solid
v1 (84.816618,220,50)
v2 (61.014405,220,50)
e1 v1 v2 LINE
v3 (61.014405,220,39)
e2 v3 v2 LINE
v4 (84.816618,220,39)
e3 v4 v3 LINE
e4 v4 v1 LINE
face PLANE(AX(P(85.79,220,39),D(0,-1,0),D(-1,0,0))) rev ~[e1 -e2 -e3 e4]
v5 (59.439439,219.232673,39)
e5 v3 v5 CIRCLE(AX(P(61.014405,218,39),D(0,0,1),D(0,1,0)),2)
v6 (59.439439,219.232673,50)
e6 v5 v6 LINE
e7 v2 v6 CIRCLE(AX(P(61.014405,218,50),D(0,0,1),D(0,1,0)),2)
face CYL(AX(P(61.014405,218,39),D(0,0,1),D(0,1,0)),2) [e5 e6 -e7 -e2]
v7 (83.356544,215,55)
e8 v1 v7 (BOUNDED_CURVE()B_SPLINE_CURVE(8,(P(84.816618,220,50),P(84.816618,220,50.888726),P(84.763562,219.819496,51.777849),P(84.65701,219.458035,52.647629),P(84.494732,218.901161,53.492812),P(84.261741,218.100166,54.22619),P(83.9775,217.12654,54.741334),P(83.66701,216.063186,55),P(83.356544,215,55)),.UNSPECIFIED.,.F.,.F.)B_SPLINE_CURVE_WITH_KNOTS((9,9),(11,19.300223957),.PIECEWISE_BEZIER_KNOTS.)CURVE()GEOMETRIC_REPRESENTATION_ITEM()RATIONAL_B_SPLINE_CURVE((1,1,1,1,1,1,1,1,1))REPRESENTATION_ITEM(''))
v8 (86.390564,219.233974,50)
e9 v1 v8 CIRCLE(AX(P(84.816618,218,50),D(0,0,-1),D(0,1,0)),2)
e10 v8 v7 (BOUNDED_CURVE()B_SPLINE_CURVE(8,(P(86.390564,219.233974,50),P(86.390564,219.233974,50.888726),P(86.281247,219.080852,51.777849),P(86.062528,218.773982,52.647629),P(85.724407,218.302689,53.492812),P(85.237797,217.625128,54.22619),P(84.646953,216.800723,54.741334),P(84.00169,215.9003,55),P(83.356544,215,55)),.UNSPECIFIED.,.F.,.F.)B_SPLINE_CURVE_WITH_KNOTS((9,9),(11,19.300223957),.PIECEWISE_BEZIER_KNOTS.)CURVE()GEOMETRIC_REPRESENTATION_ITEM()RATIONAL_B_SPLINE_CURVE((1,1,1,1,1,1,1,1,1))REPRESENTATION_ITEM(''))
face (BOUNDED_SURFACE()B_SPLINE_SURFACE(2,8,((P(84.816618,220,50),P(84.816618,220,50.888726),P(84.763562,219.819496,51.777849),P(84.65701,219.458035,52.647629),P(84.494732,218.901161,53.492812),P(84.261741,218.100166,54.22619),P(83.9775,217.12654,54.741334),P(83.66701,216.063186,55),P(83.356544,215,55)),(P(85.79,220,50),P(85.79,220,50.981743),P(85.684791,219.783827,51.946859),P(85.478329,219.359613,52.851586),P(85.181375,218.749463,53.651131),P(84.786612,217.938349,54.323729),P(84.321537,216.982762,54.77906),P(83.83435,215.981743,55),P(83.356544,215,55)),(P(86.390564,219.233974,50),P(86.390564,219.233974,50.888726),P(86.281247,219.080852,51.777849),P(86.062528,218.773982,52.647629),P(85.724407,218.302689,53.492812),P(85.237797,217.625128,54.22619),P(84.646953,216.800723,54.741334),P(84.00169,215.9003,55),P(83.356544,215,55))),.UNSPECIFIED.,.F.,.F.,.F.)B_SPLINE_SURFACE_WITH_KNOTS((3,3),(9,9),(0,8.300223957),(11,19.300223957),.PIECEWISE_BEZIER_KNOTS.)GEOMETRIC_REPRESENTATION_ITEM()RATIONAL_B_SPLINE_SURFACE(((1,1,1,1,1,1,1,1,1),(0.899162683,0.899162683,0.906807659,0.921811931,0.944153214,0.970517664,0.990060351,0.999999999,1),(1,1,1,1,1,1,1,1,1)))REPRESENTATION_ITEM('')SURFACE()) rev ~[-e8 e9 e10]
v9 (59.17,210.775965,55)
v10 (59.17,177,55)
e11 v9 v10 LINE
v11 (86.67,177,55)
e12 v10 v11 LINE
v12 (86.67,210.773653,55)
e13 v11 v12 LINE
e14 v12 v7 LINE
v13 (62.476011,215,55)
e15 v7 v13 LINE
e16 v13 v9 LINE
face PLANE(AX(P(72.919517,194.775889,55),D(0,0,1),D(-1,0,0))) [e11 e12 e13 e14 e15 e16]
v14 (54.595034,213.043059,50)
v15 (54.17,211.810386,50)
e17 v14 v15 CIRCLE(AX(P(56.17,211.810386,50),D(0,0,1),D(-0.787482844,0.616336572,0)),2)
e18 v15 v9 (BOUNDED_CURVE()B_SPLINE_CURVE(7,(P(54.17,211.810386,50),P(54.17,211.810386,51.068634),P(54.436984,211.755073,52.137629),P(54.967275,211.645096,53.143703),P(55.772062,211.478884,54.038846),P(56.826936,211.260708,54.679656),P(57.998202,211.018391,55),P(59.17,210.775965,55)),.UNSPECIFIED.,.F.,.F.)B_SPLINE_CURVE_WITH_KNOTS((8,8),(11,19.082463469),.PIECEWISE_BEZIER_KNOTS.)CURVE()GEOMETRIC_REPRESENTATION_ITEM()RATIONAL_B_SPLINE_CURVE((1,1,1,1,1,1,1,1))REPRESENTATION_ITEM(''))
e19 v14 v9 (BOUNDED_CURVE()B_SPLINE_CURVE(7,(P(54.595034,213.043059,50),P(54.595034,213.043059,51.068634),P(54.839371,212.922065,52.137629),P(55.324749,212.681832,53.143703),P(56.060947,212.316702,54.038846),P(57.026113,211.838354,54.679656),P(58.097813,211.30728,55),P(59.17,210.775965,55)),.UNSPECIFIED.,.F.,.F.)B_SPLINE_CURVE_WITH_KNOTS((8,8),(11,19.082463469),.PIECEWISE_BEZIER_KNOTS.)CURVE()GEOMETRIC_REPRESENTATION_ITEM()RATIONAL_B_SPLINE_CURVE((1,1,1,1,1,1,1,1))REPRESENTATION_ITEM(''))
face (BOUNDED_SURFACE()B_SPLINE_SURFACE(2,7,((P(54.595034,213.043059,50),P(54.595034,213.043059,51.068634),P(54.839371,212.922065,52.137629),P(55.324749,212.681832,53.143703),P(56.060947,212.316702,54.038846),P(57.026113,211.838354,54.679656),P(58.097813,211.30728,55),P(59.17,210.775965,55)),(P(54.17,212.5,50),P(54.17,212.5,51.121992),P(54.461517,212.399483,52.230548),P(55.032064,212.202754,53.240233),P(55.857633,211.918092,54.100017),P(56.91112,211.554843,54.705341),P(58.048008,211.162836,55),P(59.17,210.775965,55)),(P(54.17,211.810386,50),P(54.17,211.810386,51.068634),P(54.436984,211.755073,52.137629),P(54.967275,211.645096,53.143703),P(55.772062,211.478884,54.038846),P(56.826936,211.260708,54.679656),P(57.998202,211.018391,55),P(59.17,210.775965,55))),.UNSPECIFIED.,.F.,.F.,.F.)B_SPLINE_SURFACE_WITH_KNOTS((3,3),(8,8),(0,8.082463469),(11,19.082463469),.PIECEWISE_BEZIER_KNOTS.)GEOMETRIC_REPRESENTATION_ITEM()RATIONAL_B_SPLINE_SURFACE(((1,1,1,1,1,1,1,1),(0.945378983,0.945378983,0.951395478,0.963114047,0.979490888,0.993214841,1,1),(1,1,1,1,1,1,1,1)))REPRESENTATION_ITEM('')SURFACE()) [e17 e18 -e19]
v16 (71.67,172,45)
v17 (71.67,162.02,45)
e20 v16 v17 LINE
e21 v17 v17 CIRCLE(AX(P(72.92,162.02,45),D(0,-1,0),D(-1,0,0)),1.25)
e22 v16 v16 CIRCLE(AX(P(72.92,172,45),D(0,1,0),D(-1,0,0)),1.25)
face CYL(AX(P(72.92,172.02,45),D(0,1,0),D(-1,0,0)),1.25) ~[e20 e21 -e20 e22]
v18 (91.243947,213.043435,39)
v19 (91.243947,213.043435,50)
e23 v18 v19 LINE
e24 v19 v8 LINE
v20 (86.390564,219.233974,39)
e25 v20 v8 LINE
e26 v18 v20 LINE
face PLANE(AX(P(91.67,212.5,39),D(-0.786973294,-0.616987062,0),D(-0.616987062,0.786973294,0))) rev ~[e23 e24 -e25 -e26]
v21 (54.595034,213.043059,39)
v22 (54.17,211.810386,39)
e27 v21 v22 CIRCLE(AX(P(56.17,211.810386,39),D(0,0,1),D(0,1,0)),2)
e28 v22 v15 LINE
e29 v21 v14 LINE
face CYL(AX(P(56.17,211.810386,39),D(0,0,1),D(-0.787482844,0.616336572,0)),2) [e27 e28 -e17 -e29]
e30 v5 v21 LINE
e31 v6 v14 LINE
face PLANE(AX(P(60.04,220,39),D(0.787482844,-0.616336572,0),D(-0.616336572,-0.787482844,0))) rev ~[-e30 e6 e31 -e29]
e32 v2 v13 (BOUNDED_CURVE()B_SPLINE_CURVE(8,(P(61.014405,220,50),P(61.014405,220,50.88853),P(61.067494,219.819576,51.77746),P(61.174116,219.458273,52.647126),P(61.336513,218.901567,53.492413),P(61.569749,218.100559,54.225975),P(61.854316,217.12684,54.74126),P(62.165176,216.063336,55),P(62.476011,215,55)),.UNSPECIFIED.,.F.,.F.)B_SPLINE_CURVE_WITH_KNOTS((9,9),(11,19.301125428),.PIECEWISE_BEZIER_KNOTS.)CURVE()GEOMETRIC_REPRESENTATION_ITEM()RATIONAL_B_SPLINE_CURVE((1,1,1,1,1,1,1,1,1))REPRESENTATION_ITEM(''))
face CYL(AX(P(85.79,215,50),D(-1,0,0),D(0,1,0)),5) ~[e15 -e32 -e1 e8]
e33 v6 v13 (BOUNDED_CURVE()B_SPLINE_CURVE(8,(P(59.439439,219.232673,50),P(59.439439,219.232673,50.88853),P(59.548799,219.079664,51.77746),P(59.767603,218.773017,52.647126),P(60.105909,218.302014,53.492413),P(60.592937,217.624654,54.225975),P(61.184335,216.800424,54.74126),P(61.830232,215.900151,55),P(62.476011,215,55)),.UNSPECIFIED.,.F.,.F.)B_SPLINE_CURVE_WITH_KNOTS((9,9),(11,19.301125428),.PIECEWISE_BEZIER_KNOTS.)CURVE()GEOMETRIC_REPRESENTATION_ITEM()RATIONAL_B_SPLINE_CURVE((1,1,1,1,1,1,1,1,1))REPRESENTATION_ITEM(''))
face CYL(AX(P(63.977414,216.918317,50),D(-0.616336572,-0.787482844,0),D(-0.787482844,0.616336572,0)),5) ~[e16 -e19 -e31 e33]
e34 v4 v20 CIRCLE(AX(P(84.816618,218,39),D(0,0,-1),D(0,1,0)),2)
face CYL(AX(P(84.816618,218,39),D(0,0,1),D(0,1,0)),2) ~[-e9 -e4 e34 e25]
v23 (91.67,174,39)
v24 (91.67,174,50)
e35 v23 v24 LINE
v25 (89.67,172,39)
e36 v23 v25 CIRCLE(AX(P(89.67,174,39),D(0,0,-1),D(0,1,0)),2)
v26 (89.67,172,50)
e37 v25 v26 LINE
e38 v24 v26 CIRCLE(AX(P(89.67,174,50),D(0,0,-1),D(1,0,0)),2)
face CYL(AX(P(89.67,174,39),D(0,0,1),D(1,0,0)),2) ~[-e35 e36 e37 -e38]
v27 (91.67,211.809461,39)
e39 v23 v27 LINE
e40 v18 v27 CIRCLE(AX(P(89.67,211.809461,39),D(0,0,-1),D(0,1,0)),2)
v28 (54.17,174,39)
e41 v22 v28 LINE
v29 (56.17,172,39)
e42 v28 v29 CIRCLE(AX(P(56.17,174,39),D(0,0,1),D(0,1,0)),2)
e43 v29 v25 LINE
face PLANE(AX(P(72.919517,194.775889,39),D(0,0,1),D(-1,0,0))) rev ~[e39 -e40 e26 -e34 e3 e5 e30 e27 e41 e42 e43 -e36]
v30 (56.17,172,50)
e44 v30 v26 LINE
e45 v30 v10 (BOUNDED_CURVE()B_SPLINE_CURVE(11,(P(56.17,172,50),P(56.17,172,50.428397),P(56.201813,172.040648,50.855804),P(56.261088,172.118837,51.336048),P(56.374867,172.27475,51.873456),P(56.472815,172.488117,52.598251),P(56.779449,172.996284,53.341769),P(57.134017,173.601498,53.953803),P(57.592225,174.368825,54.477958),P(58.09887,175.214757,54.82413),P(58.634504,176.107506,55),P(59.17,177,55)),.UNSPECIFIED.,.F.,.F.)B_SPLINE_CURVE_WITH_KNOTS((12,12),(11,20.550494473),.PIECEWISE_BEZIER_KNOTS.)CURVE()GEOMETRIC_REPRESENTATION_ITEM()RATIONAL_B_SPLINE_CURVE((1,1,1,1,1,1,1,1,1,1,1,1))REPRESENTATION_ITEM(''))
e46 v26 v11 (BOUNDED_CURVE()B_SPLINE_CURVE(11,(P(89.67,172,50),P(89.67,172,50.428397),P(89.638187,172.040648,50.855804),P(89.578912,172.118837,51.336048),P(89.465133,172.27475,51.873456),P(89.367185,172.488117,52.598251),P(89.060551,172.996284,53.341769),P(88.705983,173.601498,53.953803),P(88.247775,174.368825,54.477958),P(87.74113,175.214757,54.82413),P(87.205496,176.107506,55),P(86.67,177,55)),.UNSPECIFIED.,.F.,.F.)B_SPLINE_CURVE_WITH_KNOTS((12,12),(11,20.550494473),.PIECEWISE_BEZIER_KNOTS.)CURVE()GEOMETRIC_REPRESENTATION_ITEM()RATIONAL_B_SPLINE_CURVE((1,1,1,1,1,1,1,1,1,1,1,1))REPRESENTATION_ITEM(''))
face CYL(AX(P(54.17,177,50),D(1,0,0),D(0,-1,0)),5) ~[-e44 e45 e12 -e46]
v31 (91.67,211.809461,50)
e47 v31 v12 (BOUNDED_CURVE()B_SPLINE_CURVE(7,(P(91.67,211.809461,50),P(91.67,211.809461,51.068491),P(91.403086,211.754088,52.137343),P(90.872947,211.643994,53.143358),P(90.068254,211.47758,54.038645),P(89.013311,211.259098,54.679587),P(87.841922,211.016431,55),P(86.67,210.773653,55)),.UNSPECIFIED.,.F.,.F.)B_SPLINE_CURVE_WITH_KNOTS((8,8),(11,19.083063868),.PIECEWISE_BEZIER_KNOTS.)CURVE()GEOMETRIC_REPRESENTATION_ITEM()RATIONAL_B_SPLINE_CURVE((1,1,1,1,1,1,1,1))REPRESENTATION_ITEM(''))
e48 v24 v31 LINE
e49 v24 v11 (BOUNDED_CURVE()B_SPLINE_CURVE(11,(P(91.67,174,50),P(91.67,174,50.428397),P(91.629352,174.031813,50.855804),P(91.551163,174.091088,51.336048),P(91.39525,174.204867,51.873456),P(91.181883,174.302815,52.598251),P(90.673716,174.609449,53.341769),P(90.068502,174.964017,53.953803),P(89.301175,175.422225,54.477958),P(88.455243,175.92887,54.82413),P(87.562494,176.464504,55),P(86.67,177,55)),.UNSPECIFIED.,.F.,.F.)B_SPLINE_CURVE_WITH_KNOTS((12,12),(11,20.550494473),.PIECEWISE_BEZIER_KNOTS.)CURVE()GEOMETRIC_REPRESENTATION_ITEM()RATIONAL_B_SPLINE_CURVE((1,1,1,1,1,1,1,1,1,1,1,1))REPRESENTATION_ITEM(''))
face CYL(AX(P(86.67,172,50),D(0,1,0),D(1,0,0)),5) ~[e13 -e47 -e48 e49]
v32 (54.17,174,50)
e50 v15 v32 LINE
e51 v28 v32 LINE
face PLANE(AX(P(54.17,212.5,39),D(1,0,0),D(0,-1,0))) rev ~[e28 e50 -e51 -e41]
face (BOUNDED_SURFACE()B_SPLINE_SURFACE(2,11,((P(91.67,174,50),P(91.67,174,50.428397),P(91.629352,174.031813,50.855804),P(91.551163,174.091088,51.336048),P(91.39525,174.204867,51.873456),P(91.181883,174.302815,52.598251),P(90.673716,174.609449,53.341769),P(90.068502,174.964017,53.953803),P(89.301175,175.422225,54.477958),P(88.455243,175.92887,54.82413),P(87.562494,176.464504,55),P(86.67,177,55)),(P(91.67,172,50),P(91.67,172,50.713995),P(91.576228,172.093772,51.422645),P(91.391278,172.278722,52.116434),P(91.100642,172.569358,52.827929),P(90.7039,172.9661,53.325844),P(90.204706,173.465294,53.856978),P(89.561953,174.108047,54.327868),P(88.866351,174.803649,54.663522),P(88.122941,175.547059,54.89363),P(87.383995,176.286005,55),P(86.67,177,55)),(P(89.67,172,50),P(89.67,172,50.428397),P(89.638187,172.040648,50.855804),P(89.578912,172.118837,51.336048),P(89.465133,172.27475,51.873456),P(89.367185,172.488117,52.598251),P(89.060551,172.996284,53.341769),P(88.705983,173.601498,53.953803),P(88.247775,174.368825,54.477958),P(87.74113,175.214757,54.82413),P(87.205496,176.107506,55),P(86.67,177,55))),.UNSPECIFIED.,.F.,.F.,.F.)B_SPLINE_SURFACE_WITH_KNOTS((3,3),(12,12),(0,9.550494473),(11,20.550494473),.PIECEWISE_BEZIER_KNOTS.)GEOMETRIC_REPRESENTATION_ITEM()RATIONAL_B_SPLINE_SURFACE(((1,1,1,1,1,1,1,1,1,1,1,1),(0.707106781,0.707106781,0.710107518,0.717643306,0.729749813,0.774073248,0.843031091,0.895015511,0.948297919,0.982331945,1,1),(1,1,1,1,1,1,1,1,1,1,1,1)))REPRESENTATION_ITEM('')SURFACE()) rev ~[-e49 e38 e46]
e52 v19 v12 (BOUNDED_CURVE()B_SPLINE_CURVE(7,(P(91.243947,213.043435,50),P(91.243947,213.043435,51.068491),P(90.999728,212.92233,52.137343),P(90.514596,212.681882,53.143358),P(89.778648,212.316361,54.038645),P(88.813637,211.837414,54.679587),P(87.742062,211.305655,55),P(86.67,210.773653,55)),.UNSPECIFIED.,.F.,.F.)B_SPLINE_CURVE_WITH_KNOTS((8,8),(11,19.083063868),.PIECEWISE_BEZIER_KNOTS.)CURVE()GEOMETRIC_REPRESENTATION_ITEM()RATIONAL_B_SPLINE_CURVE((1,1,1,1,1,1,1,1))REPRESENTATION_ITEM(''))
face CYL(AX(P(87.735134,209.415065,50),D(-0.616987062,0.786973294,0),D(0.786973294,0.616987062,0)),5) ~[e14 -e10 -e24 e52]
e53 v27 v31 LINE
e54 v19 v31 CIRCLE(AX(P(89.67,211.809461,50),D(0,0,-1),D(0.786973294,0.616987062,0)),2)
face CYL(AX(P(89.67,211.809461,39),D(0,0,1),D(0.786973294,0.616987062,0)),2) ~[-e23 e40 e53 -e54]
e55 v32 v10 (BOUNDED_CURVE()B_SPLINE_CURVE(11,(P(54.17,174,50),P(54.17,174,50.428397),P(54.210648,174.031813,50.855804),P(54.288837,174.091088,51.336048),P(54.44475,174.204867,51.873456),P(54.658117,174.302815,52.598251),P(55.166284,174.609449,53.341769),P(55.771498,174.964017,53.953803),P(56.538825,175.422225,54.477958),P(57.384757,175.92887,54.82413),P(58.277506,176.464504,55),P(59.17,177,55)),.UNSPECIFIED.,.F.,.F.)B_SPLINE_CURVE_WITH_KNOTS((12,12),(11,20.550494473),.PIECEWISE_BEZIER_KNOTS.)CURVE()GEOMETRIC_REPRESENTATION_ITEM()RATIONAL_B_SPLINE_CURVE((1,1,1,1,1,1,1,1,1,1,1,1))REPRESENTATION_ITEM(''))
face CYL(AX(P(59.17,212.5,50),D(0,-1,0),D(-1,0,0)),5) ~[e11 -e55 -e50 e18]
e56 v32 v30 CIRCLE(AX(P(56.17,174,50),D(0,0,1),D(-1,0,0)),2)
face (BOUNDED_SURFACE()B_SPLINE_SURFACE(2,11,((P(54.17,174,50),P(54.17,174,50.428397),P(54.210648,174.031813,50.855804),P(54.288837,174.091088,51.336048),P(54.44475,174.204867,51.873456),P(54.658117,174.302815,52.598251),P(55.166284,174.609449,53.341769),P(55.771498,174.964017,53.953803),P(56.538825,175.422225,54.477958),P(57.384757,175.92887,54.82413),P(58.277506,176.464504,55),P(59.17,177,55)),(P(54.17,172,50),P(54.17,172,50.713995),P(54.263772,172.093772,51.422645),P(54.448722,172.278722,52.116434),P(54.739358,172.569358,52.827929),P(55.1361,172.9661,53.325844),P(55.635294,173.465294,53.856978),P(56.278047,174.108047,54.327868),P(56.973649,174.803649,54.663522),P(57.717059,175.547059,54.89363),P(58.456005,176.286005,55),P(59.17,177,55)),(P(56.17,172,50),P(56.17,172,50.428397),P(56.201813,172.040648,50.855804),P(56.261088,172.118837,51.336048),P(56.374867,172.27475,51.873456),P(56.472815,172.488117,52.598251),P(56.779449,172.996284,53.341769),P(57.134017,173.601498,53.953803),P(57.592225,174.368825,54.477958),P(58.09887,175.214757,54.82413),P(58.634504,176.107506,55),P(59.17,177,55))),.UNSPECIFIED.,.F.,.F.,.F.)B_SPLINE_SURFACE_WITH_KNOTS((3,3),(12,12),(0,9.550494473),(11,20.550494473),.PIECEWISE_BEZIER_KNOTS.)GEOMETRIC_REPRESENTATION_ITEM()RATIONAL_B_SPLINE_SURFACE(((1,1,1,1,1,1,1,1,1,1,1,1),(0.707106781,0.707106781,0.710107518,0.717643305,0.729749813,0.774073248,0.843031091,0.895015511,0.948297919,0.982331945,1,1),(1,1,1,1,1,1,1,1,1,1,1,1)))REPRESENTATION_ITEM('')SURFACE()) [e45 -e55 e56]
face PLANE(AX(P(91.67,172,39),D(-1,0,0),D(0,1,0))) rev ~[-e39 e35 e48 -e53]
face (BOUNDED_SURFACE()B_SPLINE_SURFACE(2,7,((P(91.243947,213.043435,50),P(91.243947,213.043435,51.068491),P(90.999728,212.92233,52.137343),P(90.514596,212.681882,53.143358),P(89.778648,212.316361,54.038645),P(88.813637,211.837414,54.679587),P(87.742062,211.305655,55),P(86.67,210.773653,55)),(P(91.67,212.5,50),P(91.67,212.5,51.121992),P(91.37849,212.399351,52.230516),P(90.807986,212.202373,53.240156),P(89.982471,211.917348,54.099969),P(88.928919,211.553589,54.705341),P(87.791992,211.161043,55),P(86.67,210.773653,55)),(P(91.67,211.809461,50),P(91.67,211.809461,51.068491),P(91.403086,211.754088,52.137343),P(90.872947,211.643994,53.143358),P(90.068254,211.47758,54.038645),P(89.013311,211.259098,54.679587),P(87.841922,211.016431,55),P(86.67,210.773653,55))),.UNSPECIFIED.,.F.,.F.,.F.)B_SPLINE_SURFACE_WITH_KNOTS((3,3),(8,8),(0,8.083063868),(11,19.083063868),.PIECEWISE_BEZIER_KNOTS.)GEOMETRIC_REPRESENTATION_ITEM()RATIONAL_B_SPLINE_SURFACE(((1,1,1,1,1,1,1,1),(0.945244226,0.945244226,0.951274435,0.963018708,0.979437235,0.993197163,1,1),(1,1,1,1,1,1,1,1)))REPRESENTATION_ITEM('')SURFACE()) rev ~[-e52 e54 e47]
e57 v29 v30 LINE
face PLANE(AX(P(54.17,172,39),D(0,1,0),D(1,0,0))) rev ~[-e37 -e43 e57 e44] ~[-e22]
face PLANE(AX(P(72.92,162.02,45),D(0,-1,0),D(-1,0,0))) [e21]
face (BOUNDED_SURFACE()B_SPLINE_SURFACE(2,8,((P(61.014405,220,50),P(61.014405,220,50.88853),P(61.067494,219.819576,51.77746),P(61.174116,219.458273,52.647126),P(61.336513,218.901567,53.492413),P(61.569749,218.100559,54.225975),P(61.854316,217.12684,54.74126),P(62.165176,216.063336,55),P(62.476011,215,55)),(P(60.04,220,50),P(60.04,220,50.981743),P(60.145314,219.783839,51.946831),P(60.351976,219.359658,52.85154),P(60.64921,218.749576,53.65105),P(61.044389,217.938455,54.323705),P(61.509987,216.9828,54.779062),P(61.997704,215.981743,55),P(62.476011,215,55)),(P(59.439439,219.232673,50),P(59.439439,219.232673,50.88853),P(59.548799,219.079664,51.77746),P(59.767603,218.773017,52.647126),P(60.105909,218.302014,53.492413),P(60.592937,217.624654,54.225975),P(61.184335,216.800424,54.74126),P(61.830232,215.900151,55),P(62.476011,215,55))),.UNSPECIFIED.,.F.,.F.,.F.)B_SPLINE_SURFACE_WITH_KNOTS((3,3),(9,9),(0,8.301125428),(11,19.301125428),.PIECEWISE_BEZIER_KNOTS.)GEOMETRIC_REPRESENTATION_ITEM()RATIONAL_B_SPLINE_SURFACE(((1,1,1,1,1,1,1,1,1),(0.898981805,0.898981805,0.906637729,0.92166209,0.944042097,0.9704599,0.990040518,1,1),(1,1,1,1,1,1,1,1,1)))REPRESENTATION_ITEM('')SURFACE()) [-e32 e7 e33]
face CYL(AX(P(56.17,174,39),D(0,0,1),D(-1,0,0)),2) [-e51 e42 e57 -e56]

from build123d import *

# Parameters (mm, degrees)
CYLINDER019_R             = 1.25
CYLINDER019_DEPTH         = 10
EXTRUDE002_DEPTH          = 16
FILLET_R                  = 5
FILLET001_R               = 2
FUSION001_PLACEMENT_ANGLE = 180


with BuildPart() as cylinder019:
    # Cylinder019 → Cylinder019 (new body)
    with BuildSketch(Plane(origin=(18.75, 47.98, 6), x_dir=(1, 0, 0), z_dir=(0, 1, 0))):
        Circle(CYLINDER019_R)
    extrude(amount=CYLINDER019_DEPTH)


with BuildPart() as gps002:
    # Sketch016 → Extrude002 (new body)
    with BuildSketch(Plane.XY):
        Polygon((5.88, 0), (31.63, 0), (37.5, 7.5), (37.5, 48), (0, 48), (0, 7.5), align=None)
    extrude(amount=EXTRUDE002_DEPTH)

    # Fillet
    fillet_edges = [gps002.edges().sort_by_distance(p)[0] for p in [
        (18.755, 0, 16),
        (34.565, 3.75, 16),
        (37.5, 27.75, 16),
        (18.75, 48, 16),
        (0, 27.75, 16),
        (2.94, 3.75, 16),
    ]]
    fillet(fillet_edges, radius=FILLET_R)

    # Fillet001
    fillet001_edges = [gps002.edges().sort_by_distance(p)[0] for p in [
        (5.88, 0, 5.5),
        (31.63, 0, 5.5),
        (0, 7.5, 5.5),
        (37.5, 7.5, 5.5),
        (0, 48, 5.5),
        (37.5, 48, 5.5),
    ]]
    fillet(fillet001_edges, radius=FILLET001_R)

    # Fusion001: union Cylinder019
    add(cylinder019.part)


with BuildPart() as gps002_1:
    # Fusion001 placement: moved
    add(gps002.part.moved(Location((91.67, 220, 39))).rotate(Axis((91.67, 220, 39), (0, 0, 1)), FUSION001_PLACEMENT_ANGLE))


solid = gps002_1.part
